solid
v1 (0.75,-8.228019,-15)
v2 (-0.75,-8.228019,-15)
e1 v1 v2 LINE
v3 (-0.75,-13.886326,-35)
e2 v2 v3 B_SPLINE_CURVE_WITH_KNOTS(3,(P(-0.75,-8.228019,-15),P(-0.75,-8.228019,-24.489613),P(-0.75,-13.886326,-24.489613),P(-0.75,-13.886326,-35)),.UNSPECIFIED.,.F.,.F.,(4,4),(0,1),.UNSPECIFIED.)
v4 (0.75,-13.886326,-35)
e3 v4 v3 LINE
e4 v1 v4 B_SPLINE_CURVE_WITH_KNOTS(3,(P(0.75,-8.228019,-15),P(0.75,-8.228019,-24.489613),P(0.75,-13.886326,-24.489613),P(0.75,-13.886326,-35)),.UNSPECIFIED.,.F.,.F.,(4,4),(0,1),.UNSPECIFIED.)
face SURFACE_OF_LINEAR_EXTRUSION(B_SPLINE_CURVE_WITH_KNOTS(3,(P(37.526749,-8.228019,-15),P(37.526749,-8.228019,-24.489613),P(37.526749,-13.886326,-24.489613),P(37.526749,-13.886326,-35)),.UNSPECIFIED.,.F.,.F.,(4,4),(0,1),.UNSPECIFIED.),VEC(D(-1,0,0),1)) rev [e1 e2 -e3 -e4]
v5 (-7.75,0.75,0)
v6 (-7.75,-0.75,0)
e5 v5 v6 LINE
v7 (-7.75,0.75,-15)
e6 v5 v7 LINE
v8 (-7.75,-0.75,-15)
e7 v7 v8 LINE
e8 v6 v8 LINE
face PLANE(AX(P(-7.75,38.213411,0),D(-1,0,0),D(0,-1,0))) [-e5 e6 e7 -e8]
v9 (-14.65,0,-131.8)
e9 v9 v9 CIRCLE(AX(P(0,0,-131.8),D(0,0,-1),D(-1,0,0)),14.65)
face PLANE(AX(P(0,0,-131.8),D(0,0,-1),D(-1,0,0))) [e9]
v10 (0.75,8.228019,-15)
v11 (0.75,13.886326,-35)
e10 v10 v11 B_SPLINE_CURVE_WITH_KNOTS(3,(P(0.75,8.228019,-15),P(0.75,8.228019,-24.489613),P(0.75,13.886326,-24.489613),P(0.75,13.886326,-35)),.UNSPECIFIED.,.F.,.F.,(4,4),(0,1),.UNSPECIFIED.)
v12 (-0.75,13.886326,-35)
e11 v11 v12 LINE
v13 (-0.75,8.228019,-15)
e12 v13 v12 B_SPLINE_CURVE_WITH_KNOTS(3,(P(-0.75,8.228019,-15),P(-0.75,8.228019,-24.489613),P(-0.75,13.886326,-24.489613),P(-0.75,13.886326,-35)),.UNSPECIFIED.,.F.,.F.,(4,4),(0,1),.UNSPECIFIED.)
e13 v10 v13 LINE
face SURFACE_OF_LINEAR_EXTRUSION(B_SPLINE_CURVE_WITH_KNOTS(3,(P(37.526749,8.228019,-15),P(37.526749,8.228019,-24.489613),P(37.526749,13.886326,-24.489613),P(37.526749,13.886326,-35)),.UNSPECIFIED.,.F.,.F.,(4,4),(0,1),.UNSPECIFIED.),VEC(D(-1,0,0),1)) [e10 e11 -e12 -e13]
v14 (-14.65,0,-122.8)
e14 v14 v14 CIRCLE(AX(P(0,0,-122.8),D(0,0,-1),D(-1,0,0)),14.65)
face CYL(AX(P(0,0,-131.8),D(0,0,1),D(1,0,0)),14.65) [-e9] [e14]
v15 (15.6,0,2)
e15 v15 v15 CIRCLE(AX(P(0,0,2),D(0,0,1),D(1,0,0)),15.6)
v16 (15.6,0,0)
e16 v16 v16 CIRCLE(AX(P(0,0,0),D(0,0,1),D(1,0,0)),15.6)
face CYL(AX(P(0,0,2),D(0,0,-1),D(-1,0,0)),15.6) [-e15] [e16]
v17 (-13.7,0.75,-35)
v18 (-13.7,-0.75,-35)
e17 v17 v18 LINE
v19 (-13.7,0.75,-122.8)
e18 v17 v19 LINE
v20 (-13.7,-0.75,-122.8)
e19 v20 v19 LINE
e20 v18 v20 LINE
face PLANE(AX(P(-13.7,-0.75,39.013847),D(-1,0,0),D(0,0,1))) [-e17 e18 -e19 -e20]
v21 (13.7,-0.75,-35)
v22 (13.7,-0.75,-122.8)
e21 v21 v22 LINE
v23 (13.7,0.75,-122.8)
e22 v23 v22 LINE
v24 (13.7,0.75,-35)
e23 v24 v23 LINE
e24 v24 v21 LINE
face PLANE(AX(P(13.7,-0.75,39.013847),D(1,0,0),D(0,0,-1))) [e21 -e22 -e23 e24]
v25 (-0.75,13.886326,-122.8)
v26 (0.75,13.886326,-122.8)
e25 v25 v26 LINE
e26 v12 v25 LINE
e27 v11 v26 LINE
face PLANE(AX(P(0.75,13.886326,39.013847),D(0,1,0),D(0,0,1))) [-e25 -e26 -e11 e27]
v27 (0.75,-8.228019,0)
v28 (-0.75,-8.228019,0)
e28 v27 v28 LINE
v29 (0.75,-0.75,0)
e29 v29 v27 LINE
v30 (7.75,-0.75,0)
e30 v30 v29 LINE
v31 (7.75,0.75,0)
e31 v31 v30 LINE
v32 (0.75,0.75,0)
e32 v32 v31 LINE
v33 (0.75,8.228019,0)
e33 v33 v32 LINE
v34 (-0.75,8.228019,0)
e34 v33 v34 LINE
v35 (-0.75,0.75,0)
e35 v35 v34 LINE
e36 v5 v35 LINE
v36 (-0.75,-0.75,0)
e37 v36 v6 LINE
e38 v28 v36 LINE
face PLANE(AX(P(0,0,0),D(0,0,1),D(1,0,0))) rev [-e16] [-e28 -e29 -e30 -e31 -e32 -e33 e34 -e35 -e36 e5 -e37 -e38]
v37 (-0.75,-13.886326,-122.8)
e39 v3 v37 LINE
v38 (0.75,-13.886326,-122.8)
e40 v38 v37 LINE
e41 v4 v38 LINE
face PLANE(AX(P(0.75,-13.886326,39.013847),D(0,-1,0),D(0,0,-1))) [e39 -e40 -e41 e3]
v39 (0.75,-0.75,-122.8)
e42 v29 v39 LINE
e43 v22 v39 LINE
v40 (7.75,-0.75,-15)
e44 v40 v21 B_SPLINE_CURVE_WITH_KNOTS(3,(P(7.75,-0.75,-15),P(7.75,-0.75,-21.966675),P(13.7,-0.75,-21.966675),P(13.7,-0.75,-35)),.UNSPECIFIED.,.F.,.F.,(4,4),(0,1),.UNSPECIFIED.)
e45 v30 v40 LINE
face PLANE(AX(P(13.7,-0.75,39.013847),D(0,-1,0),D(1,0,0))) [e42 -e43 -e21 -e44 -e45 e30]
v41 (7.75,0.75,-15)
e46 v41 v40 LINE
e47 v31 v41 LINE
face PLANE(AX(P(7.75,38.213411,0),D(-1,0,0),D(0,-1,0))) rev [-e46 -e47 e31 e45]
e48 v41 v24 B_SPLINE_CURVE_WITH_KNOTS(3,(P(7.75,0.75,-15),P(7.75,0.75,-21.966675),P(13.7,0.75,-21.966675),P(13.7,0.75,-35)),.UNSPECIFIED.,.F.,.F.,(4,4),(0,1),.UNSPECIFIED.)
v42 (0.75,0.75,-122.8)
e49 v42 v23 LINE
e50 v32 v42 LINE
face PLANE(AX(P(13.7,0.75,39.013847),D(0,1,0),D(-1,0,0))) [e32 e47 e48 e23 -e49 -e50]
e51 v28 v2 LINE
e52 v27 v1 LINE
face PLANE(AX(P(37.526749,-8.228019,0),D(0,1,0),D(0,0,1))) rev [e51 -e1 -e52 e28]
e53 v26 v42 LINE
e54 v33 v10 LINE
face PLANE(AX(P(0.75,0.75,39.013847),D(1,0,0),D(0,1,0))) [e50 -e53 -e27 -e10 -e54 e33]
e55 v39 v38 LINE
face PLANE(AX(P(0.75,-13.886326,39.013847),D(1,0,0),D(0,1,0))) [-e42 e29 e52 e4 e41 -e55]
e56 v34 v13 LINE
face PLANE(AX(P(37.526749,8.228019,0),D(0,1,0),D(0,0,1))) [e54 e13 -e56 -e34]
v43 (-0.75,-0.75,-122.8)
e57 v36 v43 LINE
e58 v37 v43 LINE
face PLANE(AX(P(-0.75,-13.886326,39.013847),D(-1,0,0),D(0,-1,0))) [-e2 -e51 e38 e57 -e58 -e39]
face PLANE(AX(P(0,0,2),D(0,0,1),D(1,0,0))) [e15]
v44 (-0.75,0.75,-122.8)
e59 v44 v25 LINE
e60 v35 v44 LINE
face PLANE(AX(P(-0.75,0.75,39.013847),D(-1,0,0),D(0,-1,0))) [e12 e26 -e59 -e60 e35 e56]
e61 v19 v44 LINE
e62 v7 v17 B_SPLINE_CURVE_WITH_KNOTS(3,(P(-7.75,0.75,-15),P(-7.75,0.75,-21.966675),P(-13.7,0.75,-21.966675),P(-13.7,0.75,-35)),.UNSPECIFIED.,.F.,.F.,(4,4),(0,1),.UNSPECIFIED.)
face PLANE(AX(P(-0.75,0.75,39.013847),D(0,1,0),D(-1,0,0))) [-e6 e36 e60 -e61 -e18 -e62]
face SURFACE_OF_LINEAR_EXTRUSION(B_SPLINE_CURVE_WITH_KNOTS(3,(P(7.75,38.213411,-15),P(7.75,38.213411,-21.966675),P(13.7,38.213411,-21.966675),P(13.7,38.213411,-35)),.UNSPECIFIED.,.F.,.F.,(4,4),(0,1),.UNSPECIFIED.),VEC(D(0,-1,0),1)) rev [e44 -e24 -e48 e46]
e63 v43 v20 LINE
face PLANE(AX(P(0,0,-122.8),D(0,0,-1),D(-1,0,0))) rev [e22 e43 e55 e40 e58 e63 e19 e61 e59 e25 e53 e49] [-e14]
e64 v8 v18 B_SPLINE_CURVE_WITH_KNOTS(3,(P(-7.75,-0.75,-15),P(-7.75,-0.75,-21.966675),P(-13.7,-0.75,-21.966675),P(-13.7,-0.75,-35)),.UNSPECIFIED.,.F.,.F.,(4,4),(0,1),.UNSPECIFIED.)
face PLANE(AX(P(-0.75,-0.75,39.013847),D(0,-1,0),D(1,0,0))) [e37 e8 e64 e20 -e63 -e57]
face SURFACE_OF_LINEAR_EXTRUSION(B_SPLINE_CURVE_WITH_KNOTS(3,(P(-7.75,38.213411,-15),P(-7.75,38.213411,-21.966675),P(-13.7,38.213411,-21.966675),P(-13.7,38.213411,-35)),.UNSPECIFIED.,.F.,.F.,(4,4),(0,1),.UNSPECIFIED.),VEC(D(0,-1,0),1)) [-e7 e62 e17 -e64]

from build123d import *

# Parameters (mm, degrees)
SKETCH1_R           = 15.6
BOSS_EXTRUDE1_DEPTH = 2
BOSS_EXTRUDE3_DEPTH = 122.8
SKETCH11_R          = 14.65
BOSS_EXTRUDE4_DEPTH = 9
CUT_EXTRUDE1_DEPTH  = 1.5
CUT_EXTRUDE2_DEPTH  = 1.5


with BuildPart() as part:
    # Sketch1 → Boss-Extrude1 (new body)
    with BuildSketch(Plane.XY):
        Circle(SKETCH1_R)
    extrude(amount=BOSS_EXTRUDE1_DEPTH)

    # Sketch5 → Boss-Extrude3 (add)
    with BuildSketch(Plane(origin=(0, 0, -122.8), x_dir=(-1, 0, 0), z_dir=(0, 0, -1))):
        Polygon((0.75, 0.75), (13.7, 0.75), (13.7, -0.75), (0.75, -0.75), (0.75, -13.886326313), (-0.75, -13.886326313), (-0.75, -0.75), (-13.7, -0.75), (-13.7, 0.75), (-0.75, 0.75), (-0.75, 13.886326313), (0.75, 13.886326313), align=None)
    extrude(amount=-BOSS_EXTRUDE3_DEPTH)

    # Sketch11 → Boss-Extrude4 (add)
    with BuildSketch(Plane(origin=(0, 0, -122.8), x_dir=(-1, 0, 0), z_dir=(0, 0, -1))):
        Circle(SKETCH11_R)
    extrude(amount=BOSS_EXTRUDE4_DEPTH)

    # Sketch12 → Cut-Extrude1 (cut)
    with BuildSketch(Plane.ZY.offset(0.75)):
        with BuildLine():
            Line((0, 8.228019132), (-15, 8.228019132))
            add(Edge.make_bspline(
                [(-15, 8.228019132), (-24.489612622, 8.228019132), (-24.489612622, 13.886326313), (-35, 13.886326313)],
                knots=[0, 0, 0, 0, 1, 1, 1, 1], degree=3))
            Line((-35, 13.886326313), (-35, 19.520904109))
            Line((-35, 19.520904109), (0, 19.520904109))
            Line((0, 19.520904109), (0, 8.228019132))
        make_face()
        with BuildLine():
            Line((0, -19.520904109), (0, -8.228019132))
            Line((0, -8.228019132), (-15, -8.228019132))
            add(Edge.make_bspline(
                [(-15, -8.228019132), (-24.489612622, -8.228019132), (-24.489612622, -13.886326313), (-35, -13.886326313)],
                knots=[0, 0, 0, 0, 1, 1, 1, 1], degree=3))
            Line((-35, -13.886326313), (-35, -19.520904109))
            Line((-35, -19.520904109), (0, -19.520904109))
        make_face()
    extrude(amount=-CUT_EXTRUDE1_DEPTH, mode=Mode.SUBTRACT)

    # Sketch13 → Cut-Extrude2 (cut)
    with BuildSketch(Plane.XZ.offset(0.75)):
        with BuildLine():
            Line((7.75, 0), (7.75, -15))
            add(Edge.make_bspline(
                [(7.75, -15), (7.75, -21.966675068), (13.7, -21.966675068), (13.7, -35)],
                knots=[0, 0, 0, 0, 1, 1, 1, 1], degree=3))
            Line((13.7, -35), (21.110657524, -35))
            Line((21.110657524, -35), (21.110657524, 0))
            Line((21.110657524, 0), (7.75, 0))
        make_face()
        with BuildLine():
            Line((-21.110657524, 0), (-7.75, 0))
            Line((-7.75, 0), (-7.75, -15))
            add(Edge.make_bspline(
                [(-7.75, -15), (-7.75, -21.966675068), (-13.7, -21.966675068), (-13.7, -35)],
                knots=[0, 0, 0, 0, 1, 1, 1, 1], degree=3))
            Line((-13.7, -35), (-21.110657524, -35))
            Line((-21.110657524, -35), (-21.110657524, 0))
        make_face()
    extrude(amount=-CUT_EXTRUDE2_DEPTH, mode=Mode.SUBTRACT)


solid = part.part
